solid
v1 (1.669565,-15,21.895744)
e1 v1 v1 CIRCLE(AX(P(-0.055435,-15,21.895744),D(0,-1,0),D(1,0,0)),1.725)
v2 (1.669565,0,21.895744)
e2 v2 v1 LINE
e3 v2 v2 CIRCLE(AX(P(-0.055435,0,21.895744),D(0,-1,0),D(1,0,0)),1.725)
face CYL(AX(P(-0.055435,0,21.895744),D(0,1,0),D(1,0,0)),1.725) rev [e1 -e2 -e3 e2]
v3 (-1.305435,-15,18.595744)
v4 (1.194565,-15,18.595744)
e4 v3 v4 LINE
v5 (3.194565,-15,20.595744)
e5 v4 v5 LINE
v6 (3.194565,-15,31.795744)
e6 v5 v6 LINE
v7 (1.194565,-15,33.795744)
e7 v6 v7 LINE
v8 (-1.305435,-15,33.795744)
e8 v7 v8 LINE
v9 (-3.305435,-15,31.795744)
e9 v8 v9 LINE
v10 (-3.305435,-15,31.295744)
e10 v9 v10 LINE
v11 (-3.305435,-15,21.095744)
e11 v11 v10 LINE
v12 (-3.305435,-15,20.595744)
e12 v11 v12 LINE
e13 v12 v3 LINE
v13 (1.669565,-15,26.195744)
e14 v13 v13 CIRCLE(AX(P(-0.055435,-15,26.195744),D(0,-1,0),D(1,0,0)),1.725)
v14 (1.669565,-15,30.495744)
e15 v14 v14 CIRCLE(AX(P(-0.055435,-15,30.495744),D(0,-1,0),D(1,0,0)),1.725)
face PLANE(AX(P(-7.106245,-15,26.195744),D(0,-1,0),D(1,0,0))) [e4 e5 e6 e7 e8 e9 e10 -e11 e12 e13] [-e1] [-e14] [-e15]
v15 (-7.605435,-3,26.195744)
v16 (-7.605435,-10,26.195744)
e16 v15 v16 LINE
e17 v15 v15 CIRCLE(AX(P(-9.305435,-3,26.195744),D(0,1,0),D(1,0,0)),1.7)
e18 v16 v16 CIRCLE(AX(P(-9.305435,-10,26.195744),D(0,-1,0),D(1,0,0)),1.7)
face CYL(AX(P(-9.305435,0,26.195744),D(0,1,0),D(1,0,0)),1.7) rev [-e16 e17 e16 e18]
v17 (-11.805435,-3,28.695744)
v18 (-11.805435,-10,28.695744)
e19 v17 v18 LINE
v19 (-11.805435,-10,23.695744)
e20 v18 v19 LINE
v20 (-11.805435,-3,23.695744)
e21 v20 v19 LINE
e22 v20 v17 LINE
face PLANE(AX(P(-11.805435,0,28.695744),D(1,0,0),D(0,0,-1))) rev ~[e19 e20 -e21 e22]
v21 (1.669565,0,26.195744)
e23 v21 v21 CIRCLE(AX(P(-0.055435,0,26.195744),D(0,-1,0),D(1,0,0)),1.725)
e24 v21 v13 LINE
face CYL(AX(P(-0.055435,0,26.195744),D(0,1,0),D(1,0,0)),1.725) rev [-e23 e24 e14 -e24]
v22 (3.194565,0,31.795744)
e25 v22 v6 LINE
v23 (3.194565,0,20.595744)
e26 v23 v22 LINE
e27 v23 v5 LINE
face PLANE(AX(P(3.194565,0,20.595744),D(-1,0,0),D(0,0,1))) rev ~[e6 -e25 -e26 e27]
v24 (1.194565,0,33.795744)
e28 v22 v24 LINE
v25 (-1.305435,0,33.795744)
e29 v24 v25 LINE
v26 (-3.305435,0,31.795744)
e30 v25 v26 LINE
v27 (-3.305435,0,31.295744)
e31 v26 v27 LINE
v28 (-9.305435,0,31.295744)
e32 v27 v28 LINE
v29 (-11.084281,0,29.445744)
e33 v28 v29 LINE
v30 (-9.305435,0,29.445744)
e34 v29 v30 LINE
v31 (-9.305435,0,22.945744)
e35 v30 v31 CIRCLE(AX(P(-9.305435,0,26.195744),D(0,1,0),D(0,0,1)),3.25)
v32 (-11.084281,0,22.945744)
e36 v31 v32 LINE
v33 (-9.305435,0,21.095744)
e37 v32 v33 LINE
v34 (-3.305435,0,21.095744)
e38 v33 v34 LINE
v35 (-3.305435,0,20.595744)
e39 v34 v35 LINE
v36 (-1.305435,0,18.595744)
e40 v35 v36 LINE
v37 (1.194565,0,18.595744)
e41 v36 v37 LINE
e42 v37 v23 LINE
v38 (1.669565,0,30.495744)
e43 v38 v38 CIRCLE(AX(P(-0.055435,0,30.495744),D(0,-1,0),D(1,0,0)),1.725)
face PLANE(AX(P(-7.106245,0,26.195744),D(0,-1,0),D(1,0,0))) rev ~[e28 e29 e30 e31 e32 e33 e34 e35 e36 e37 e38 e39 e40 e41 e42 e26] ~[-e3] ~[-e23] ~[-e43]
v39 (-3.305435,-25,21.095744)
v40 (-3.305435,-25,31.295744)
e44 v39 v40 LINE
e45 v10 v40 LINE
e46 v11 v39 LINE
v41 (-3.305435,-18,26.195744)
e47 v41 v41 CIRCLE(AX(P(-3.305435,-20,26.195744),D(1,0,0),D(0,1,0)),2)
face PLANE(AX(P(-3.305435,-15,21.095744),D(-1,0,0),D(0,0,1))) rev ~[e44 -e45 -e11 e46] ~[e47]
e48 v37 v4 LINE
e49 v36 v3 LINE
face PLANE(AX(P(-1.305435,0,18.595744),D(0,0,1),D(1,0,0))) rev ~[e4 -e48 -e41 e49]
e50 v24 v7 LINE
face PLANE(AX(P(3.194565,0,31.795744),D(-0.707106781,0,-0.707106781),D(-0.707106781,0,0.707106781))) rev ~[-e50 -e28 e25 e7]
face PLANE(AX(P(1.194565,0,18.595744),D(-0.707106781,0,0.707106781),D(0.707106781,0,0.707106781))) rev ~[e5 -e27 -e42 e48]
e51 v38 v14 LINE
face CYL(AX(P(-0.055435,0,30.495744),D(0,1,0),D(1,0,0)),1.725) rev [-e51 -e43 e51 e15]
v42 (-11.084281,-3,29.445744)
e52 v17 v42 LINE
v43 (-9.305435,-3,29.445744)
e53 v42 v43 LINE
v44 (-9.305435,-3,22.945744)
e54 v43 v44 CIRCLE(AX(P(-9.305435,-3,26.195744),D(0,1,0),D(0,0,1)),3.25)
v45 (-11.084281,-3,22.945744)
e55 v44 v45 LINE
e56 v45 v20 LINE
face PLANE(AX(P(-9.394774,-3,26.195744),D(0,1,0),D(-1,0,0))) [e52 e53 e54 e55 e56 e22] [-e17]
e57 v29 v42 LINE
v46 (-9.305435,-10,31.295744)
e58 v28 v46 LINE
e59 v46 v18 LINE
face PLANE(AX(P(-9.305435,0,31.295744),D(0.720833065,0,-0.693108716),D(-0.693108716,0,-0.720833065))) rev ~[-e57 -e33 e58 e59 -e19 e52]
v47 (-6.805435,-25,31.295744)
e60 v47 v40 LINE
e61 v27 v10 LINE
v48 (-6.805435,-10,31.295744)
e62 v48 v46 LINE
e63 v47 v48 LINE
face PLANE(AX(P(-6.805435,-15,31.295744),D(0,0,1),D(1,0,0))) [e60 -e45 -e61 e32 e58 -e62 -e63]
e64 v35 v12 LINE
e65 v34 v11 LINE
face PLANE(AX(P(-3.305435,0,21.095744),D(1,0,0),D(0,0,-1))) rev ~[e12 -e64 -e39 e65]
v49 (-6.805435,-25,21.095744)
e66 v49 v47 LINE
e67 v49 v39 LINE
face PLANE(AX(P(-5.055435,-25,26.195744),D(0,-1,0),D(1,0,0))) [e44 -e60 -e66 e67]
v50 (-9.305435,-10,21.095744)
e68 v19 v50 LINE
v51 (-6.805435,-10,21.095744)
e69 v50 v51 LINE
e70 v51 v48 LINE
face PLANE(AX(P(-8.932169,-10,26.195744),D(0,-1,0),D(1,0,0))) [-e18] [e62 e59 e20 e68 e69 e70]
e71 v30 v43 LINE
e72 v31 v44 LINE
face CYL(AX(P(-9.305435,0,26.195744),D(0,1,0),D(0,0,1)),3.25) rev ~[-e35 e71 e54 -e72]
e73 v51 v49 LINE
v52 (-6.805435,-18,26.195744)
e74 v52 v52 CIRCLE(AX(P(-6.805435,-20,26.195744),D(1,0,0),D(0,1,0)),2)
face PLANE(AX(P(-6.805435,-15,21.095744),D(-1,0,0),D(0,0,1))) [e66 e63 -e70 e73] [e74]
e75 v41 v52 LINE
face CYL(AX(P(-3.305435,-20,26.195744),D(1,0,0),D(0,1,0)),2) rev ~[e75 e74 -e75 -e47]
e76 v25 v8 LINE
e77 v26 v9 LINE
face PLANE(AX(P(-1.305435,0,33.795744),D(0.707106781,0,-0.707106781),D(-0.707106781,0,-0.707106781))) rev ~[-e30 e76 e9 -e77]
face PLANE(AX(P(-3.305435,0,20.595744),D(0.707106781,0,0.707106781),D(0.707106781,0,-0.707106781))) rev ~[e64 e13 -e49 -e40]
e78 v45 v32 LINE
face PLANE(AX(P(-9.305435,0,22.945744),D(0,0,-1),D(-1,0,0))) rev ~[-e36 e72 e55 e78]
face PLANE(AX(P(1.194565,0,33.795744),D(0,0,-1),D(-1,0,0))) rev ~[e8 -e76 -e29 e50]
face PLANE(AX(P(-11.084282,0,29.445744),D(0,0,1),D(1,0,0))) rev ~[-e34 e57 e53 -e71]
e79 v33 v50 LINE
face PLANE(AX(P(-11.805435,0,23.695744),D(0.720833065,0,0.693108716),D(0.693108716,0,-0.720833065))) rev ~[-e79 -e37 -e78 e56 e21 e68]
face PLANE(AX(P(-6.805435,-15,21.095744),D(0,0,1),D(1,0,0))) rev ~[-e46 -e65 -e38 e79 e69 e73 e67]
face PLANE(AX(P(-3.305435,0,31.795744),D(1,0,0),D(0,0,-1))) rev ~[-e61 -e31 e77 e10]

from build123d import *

# Parameters (mm, degrees)
F0_R     = 1.7
F0_R_2   = 1.725
F1_DEPTH = 15
F2_W     = 3.5
F2_H     = 10.2
F3_DEPTH = 10
F4_R     = 1.7
F5_DEPTH = 5
F6_R     = 2
F7_DEPTH = 25
F9_DEPTH = 3


with BuildPart() as f1:
    # F0 (on Front) → F1 (new body)
    with BuildSketch(Plane.XZ):
        Polygon((-3.305435, 21.095744), (-3.305435, 31.295744), (-9.305435, 31.295744), (-11.805435, 28.695744), (-11.805435, 23.695744), (-9.305435, 21.095744), align=None)
        with Locations((-9.305435, 26.195744)):
            Circle(F0_R, mode=Mode.SUBTRACT)
        Polygon((1.194565, 33.795744), (-1.305435, 33.795744), (-3.305435, 31.795744), (-3.305435, 31.295744), (-3.305435, 21.095744), (-3.305435, 20.595744), (-1.305435, 18.595744), (1.194565, 18.595744), (3.194565, 20.595744), (3.194565, 31.795744), align=None)
        with Locations((-0.055435, 21.895744)):
            Circle(F0_R_2, mode=Mode.SUBTRACT)
        with Locations((-0.055435, 26.195744)):
            Circle(F0_R_2, mode=Mode.SUBTRACT)
        with Locations((-0.055435, 30.495744)):
            Circle(F0_R_2, mode=Mode.SUBTRACT)
    extrude(amount=F1_DEPTH)

    # F2 (on face) → F3 (join)
    with BuildSketch(Plane.XZ.offset(15)):
        with Locations((-5.055435, 26.195744)):
            Rectangle(F2_W, F2_H)
    extrude(amount=F3_DEPTH)

    # F4 (on face) → F5 (cut)
    with BuildSketch(Plane.XZ.offset(15)):
        Polygon((-6.805435, 21.095744), (-6.805435, 31.295744), (-9.305435, 31.295744), (-11.805435, 28.695744), (-11.805435, 23.695744), (-9.305435, 21.095744), align=None)
        with Locations((-9.305435, 26.195744)):
            Circle(F4_R, mode=Mode.SUBTRACT)
    extrude(amount=-F5_DEPTH, mode=Mode.SUBTRACT)

    # F6 (on face) → F7 (cut)
    with BuildSketch(Plane.YZ.offset(-3.305435)):
        with Locations((-20, 26.195744)):
            Circle(F6_R)
    extrude(amount=-F7_DEPTH, mode=Mode.SUBTRACT)

    # F8 (on face) → F9 (cut)
    with BuildSketch(Plane(origin=(0, 0, 0), x_dir=(-1, 0, 0), z_dir=(0, 1, 0))):
        with BuildLine():
            Line((11.084282, 29.445744), (9.305435, 29.445744))
            ThreePointArc((9.305435, 29.445744), (6.055435, 26.195744), (9.305435, 22.945744))
            Line((9.305435, 22.945744), (11.084282, 22.945744))
            Line((11.084282, 22.945744), (11.805435, 23.695744))
            Line((11.805435, 23.695744), (11.805435, 28.695744))
            Line((11.805435, 28.695744), (11.084282, 29.445744))
        make_face()
    extrude(amount=-F9_DEPTH, mode=Mode.SUBTRACT)


solid = f1.part
